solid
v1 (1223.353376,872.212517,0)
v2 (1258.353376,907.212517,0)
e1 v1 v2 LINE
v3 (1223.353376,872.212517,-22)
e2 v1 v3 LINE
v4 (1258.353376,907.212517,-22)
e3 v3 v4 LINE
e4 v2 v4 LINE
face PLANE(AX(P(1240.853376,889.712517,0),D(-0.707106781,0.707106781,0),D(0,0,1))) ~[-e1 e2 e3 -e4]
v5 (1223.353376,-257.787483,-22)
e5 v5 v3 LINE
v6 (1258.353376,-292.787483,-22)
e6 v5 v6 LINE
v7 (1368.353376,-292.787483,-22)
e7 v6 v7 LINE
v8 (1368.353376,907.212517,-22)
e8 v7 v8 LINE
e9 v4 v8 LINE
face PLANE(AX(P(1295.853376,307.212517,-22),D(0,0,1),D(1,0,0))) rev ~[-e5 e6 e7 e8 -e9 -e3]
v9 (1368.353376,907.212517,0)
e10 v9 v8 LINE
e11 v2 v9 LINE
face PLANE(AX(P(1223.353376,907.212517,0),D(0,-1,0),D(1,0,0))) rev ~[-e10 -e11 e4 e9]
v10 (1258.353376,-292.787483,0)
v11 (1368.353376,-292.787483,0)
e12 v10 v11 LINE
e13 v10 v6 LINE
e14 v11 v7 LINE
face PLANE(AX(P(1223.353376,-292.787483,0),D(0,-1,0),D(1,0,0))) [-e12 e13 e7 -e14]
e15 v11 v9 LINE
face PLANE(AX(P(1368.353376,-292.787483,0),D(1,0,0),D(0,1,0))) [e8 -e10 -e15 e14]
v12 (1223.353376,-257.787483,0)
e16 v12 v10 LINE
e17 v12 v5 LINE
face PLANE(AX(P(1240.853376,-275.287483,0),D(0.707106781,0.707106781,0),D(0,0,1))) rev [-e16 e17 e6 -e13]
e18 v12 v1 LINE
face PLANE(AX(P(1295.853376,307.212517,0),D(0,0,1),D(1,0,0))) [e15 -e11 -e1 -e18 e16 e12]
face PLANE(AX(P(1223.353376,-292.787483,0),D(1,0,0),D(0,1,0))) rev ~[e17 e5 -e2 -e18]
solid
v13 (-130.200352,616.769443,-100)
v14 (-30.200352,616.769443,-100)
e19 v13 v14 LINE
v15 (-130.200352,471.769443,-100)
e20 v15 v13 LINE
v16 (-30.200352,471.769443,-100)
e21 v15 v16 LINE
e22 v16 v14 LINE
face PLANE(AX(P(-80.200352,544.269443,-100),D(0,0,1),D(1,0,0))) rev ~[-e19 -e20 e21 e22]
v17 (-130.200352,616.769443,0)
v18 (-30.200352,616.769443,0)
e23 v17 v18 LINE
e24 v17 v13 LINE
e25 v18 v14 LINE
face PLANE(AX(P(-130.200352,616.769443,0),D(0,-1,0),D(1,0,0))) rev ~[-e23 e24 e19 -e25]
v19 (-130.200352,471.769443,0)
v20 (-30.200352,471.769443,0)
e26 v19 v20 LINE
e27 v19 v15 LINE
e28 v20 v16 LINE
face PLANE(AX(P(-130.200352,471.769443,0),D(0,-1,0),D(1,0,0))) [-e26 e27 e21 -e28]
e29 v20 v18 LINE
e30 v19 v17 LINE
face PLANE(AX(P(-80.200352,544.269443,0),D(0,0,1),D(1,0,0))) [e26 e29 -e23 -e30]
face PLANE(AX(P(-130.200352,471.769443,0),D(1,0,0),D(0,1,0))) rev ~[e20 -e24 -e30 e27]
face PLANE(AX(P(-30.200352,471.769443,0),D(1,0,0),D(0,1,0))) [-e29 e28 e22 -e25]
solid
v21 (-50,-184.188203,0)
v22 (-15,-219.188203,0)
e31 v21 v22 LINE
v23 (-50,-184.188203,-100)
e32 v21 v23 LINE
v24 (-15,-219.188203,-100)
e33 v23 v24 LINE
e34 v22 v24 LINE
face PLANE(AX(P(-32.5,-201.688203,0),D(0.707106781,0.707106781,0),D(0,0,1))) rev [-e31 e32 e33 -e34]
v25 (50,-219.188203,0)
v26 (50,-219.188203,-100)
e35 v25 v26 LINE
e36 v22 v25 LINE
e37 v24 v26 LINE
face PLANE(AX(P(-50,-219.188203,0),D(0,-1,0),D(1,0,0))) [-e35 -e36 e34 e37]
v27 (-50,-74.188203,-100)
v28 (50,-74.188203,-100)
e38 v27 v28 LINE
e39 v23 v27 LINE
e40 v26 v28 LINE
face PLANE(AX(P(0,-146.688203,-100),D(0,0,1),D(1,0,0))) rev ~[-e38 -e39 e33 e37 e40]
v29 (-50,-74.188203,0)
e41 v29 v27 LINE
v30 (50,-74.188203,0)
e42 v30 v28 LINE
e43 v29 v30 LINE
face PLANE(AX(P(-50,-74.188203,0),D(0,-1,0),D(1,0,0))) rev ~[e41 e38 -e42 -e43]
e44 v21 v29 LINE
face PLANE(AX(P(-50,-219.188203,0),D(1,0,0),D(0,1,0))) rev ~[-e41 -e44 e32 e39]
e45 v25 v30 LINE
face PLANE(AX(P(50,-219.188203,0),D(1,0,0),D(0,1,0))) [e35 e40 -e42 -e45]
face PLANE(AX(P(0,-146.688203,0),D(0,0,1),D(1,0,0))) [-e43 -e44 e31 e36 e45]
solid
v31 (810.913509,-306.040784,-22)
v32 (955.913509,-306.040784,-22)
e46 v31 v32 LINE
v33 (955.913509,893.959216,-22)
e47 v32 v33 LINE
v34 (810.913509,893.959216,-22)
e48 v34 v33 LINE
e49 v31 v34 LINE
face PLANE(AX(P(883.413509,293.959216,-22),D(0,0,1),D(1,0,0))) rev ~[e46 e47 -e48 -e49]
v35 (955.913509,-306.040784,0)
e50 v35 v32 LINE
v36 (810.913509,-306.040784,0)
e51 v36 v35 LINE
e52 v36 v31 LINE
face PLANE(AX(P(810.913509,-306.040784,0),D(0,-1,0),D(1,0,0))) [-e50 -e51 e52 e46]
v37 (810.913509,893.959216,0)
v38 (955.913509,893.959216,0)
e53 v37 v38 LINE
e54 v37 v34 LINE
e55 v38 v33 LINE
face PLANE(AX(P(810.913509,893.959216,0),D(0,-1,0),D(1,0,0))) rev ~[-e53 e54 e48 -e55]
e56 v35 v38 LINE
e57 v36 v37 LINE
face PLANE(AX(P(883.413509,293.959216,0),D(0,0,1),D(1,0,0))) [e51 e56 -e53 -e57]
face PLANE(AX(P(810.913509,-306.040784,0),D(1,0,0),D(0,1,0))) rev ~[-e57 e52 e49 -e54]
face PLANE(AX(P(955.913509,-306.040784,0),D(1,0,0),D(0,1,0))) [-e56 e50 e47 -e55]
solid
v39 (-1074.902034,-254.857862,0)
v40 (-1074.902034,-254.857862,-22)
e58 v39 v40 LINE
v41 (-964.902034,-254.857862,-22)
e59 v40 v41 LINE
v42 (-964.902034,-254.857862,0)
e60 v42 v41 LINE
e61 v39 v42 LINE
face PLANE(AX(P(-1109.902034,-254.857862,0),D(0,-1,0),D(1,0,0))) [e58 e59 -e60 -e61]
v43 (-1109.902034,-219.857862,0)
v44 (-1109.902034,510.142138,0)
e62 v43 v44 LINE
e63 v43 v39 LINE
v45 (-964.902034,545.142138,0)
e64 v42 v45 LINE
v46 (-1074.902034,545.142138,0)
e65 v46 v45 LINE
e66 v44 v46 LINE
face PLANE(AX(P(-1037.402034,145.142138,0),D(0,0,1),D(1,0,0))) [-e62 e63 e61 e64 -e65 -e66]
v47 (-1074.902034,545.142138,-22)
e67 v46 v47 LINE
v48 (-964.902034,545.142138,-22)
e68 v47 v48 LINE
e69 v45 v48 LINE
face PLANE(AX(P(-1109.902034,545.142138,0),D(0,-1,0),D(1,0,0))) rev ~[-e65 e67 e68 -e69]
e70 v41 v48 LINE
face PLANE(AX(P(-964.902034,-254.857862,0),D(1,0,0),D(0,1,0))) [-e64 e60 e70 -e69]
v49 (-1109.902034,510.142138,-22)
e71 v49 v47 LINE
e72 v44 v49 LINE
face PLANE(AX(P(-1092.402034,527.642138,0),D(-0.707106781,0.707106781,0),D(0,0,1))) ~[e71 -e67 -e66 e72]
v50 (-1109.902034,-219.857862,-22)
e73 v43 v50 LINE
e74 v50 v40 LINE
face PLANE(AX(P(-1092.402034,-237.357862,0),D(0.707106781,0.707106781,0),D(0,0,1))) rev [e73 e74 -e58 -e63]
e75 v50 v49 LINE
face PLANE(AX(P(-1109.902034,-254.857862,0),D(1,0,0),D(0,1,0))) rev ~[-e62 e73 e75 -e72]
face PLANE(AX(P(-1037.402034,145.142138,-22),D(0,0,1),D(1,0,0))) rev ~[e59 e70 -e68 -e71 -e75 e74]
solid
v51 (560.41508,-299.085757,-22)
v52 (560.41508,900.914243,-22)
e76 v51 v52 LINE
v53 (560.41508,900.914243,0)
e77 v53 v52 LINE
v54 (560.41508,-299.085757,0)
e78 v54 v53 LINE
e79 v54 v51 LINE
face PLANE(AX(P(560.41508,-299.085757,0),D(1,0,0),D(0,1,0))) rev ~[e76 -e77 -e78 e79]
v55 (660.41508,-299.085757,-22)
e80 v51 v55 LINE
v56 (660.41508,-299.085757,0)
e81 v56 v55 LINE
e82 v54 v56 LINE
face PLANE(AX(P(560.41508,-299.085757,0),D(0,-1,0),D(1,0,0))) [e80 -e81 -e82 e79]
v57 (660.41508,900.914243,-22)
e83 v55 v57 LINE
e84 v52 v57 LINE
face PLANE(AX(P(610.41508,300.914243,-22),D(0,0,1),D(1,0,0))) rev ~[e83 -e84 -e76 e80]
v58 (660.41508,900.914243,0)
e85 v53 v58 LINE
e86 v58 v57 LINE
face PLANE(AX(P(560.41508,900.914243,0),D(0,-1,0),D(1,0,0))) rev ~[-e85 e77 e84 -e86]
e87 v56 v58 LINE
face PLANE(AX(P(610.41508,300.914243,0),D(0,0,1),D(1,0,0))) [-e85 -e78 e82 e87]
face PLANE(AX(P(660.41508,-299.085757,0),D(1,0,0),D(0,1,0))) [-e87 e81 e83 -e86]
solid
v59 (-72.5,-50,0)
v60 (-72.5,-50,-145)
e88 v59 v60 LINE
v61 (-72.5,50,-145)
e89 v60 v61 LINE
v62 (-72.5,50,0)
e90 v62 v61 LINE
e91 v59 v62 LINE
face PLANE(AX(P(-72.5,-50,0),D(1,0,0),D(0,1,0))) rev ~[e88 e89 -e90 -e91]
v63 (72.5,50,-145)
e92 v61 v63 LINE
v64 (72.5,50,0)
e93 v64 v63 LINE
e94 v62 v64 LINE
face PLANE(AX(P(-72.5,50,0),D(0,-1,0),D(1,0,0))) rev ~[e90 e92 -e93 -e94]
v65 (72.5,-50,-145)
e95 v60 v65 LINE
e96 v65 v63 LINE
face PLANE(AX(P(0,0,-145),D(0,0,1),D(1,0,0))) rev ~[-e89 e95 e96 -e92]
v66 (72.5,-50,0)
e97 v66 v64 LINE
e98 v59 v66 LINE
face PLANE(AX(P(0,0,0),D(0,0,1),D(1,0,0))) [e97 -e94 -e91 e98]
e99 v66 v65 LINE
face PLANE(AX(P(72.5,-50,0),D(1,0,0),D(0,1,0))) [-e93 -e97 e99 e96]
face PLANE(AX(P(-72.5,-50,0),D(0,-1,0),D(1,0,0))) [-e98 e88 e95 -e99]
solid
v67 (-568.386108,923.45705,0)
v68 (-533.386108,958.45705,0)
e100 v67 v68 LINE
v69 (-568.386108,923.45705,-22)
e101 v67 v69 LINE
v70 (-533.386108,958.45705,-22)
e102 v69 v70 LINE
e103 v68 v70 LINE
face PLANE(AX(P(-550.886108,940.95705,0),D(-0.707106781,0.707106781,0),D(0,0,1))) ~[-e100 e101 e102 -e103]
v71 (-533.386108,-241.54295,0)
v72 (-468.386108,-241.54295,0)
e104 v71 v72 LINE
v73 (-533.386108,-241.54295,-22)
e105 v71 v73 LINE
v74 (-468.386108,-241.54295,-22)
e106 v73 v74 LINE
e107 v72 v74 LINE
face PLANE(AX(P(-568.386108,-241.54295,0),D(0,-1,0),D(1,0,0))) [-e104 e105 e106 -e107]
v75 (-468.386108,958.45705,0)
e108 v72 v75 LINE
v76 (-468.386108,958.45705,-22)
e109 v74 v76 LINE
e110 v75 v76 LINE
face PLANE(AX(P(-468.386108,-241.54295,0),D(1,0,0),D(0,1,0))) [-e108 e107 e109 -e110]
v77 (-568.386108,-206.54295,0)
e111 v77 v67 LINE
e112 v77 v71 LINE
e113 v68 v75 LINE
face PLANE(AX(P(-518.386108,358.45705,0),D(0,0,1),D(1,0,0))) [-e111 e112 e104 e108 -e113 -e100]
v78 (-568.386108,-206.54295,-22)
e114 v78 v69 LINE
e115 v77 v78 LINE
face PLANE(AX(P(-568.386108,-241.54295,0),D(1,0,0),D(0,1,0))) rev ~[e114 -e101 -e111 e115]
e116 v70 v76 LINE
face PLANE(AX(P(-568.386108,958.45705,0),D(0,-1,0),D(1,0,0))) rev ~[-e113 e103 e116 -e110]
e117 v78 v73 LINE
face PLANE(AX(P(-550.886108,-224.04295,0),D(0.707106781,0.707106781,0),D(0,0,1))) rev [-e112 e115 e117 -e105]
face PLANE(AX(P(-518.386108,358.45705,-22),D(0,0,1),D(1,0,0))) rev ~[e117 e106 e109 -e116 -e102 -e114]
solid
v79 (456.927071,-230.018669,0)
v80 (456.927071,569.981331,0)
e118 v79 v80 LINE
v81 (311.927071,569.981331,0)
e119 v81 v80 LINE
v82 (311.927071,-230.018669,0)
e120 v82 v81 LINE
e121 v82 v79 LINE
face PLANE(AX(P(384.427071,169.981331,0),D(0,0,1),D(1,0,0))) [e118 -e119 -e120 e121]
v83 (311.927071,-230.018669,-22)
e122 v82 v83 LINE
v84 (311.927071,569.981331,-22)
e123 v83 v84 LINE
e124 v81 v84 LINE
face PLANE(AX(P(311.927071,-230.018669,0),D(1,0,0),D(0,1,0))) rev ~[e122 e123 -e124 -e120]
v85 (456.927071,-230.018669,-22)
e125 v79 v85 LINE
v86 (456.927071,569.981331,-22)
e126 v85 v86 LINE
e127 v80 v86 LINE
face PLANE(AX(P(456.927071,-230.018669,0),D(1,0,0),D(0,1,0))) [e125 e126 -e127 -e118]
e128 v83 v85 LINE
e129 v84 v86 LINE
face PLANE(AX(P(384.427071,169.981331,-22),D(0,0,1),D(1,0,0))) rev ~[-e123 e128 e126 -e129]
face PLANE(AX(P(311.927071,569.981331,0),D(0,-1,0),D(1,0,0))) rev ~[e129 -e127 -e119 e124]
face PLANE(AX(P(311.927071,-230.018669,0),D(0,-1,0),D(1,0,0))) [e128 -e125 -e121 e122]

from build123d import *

# Parameters (mm, degrees)
F0_W      = 145
F0_H      = 100
F1_DEPTH  = 145
F2_W      = 100
F2_H      = 145
F3_DEPTH  = 100
F4_SIZE   = 35
F5_W      = 100
F5_H      = 1200
F6_DEPTH  = 22
F7_SIZE   = 35
F8_SIZE   = 35
F9_W      = 145
F9_H      = 800
F10_DEPTH = 22
F11_W     = 145
F11_H     = 1200
F12_DEPTH = 22
F13_W     = 145
F13_H     = 1200
F14_DEPTH = 22
F15_SIZE  = 35
F16_W     = 100
F16_H     = 1200
F17_DEPTH = 22
F18_W     = 145
F18_H     = 800
F19_DEPTH = 22
F20_SIZE  = 35
F21_W     = 100
F21_H     = 145
F22_DEPTH = 100


with BuildPart() as f1:
    # F0 (on Top) → F1 (new body)
    with BuildSketch(Plane.XY):
        Rectangle(F0_W, F0_H)
    extrude(amount=-F1_DEPTH)


with BuildPart() as f3:
    # F2 (on Top) → F3 (new body)
    with BuildSketch(Plane.XY):
        with Locations((0, -146.688203)):
            Rectangle(F2_W, F2_H)
    extrude(amount=-F3_DEPTH)

    # F4
    f4_edges = [f3.edges().sort_by_distance(p)[0] for p in [
        (-50, -219.188203, -50),
    ]]
    chamfer(f4_edges, length=F4_SIZE)


with BuildPart() as f6:
    # F5 (on Top) → F6 (new body)
    with BuildSketch(Plane.XY):
        with Locations((-518.386108, 358.45705)):
            Rectangle(F5_W, F5_H)
    extrude(amount=-F6_DEPTH)

    # F7
    f7_edges = [f6.edges().sort_by_distance(p)[0] for p in [
        (-568.386108, -241.54295, -11),
    ]]
    chamfer(f7_edges, length=F7_SIZE)

    # F8
    f8_edges = [f6.edges().sort_by_distance(p)[0] for p in [
        (-568.386108, 958.45705, -11),
    ]]
    chamfer(f8_edges, length=F8_SIZE)


with BuildPart() as f10:
    # F9 (on Top) → F10 (new body)
    with BuildSketch(Plane.XY):
        with Locations((384.427071, 169.981331)):
            Rectangle(F9_W, F9_H)
    extrude(amount=-F10_DEPTH)


with BuildPart() as f12:
    # F11 (on Top) → F12 (new body)
    with BuildSketch(Plane.XY):
        with Locations((883.413509, 293.959216)):
            Rectangle(F11_W, F11_H)
    extrude(amount=-F12_DEPTH)


with BuildPart() as f14:
    # F13 (on Top) → F14 (new body)
    with BuildSketch(Plane.XY):
        with Locations((1295.853376, 307.212517)):
            Rectangle(F13_W, F13_H)
    extrude(amount=-F14_DEPTH)

    # F15
    f15_edges = [f14.edges().sort_by_distance(p)[0] for p in [
        (1223.353376, -292.787483, -11),
        (1223.353376, 907.212517, -11),
    ]]
    chamfer(f15_edges, length=F15_SIZE)


with BuildPart() as f17:
    # F16 (on Top) → F17 (new body)
    with BuildSketch(Plane.XY):
        with Locations((610.41508, 300.914243)):
            Rectangle(F16_W, F16_H)
    extrude(amount=-F17_DEPTH)


with BuildPart() as f19:
    # F18 (on Top) → F19 (new body)
    with BuildSketch(Plane.XY):
        with Locations((-1037.402034, 145.142138)):
            Rectangle(F18_W, F18_H)
    extrude(amount=-F19_DEPTH)

    # F20
    f20_edges = [f19.edges().sort_by_distance(p)[0] for p in [
        (-1109.902034, -254.857862, -11),
        (-1109.902034, 545.142138, -11),
    ]]
    chamfer(f20_edges, length=F20_SIZE)


with BuildPart() as f22:
    # F21 (on Top) → F22 (new body)
    with BuildSketch(Plane.XY):
        with Locations((-80.200352, 544.269443)):
            Rectangle(F21_W, F21_H)
    extrude(amount=-F22_DEPTH)


solid = Compound([f1.part, f3.part, f6.part, f10.part, f12.part, f14.part, f17.part, f19.part, f22.part])
